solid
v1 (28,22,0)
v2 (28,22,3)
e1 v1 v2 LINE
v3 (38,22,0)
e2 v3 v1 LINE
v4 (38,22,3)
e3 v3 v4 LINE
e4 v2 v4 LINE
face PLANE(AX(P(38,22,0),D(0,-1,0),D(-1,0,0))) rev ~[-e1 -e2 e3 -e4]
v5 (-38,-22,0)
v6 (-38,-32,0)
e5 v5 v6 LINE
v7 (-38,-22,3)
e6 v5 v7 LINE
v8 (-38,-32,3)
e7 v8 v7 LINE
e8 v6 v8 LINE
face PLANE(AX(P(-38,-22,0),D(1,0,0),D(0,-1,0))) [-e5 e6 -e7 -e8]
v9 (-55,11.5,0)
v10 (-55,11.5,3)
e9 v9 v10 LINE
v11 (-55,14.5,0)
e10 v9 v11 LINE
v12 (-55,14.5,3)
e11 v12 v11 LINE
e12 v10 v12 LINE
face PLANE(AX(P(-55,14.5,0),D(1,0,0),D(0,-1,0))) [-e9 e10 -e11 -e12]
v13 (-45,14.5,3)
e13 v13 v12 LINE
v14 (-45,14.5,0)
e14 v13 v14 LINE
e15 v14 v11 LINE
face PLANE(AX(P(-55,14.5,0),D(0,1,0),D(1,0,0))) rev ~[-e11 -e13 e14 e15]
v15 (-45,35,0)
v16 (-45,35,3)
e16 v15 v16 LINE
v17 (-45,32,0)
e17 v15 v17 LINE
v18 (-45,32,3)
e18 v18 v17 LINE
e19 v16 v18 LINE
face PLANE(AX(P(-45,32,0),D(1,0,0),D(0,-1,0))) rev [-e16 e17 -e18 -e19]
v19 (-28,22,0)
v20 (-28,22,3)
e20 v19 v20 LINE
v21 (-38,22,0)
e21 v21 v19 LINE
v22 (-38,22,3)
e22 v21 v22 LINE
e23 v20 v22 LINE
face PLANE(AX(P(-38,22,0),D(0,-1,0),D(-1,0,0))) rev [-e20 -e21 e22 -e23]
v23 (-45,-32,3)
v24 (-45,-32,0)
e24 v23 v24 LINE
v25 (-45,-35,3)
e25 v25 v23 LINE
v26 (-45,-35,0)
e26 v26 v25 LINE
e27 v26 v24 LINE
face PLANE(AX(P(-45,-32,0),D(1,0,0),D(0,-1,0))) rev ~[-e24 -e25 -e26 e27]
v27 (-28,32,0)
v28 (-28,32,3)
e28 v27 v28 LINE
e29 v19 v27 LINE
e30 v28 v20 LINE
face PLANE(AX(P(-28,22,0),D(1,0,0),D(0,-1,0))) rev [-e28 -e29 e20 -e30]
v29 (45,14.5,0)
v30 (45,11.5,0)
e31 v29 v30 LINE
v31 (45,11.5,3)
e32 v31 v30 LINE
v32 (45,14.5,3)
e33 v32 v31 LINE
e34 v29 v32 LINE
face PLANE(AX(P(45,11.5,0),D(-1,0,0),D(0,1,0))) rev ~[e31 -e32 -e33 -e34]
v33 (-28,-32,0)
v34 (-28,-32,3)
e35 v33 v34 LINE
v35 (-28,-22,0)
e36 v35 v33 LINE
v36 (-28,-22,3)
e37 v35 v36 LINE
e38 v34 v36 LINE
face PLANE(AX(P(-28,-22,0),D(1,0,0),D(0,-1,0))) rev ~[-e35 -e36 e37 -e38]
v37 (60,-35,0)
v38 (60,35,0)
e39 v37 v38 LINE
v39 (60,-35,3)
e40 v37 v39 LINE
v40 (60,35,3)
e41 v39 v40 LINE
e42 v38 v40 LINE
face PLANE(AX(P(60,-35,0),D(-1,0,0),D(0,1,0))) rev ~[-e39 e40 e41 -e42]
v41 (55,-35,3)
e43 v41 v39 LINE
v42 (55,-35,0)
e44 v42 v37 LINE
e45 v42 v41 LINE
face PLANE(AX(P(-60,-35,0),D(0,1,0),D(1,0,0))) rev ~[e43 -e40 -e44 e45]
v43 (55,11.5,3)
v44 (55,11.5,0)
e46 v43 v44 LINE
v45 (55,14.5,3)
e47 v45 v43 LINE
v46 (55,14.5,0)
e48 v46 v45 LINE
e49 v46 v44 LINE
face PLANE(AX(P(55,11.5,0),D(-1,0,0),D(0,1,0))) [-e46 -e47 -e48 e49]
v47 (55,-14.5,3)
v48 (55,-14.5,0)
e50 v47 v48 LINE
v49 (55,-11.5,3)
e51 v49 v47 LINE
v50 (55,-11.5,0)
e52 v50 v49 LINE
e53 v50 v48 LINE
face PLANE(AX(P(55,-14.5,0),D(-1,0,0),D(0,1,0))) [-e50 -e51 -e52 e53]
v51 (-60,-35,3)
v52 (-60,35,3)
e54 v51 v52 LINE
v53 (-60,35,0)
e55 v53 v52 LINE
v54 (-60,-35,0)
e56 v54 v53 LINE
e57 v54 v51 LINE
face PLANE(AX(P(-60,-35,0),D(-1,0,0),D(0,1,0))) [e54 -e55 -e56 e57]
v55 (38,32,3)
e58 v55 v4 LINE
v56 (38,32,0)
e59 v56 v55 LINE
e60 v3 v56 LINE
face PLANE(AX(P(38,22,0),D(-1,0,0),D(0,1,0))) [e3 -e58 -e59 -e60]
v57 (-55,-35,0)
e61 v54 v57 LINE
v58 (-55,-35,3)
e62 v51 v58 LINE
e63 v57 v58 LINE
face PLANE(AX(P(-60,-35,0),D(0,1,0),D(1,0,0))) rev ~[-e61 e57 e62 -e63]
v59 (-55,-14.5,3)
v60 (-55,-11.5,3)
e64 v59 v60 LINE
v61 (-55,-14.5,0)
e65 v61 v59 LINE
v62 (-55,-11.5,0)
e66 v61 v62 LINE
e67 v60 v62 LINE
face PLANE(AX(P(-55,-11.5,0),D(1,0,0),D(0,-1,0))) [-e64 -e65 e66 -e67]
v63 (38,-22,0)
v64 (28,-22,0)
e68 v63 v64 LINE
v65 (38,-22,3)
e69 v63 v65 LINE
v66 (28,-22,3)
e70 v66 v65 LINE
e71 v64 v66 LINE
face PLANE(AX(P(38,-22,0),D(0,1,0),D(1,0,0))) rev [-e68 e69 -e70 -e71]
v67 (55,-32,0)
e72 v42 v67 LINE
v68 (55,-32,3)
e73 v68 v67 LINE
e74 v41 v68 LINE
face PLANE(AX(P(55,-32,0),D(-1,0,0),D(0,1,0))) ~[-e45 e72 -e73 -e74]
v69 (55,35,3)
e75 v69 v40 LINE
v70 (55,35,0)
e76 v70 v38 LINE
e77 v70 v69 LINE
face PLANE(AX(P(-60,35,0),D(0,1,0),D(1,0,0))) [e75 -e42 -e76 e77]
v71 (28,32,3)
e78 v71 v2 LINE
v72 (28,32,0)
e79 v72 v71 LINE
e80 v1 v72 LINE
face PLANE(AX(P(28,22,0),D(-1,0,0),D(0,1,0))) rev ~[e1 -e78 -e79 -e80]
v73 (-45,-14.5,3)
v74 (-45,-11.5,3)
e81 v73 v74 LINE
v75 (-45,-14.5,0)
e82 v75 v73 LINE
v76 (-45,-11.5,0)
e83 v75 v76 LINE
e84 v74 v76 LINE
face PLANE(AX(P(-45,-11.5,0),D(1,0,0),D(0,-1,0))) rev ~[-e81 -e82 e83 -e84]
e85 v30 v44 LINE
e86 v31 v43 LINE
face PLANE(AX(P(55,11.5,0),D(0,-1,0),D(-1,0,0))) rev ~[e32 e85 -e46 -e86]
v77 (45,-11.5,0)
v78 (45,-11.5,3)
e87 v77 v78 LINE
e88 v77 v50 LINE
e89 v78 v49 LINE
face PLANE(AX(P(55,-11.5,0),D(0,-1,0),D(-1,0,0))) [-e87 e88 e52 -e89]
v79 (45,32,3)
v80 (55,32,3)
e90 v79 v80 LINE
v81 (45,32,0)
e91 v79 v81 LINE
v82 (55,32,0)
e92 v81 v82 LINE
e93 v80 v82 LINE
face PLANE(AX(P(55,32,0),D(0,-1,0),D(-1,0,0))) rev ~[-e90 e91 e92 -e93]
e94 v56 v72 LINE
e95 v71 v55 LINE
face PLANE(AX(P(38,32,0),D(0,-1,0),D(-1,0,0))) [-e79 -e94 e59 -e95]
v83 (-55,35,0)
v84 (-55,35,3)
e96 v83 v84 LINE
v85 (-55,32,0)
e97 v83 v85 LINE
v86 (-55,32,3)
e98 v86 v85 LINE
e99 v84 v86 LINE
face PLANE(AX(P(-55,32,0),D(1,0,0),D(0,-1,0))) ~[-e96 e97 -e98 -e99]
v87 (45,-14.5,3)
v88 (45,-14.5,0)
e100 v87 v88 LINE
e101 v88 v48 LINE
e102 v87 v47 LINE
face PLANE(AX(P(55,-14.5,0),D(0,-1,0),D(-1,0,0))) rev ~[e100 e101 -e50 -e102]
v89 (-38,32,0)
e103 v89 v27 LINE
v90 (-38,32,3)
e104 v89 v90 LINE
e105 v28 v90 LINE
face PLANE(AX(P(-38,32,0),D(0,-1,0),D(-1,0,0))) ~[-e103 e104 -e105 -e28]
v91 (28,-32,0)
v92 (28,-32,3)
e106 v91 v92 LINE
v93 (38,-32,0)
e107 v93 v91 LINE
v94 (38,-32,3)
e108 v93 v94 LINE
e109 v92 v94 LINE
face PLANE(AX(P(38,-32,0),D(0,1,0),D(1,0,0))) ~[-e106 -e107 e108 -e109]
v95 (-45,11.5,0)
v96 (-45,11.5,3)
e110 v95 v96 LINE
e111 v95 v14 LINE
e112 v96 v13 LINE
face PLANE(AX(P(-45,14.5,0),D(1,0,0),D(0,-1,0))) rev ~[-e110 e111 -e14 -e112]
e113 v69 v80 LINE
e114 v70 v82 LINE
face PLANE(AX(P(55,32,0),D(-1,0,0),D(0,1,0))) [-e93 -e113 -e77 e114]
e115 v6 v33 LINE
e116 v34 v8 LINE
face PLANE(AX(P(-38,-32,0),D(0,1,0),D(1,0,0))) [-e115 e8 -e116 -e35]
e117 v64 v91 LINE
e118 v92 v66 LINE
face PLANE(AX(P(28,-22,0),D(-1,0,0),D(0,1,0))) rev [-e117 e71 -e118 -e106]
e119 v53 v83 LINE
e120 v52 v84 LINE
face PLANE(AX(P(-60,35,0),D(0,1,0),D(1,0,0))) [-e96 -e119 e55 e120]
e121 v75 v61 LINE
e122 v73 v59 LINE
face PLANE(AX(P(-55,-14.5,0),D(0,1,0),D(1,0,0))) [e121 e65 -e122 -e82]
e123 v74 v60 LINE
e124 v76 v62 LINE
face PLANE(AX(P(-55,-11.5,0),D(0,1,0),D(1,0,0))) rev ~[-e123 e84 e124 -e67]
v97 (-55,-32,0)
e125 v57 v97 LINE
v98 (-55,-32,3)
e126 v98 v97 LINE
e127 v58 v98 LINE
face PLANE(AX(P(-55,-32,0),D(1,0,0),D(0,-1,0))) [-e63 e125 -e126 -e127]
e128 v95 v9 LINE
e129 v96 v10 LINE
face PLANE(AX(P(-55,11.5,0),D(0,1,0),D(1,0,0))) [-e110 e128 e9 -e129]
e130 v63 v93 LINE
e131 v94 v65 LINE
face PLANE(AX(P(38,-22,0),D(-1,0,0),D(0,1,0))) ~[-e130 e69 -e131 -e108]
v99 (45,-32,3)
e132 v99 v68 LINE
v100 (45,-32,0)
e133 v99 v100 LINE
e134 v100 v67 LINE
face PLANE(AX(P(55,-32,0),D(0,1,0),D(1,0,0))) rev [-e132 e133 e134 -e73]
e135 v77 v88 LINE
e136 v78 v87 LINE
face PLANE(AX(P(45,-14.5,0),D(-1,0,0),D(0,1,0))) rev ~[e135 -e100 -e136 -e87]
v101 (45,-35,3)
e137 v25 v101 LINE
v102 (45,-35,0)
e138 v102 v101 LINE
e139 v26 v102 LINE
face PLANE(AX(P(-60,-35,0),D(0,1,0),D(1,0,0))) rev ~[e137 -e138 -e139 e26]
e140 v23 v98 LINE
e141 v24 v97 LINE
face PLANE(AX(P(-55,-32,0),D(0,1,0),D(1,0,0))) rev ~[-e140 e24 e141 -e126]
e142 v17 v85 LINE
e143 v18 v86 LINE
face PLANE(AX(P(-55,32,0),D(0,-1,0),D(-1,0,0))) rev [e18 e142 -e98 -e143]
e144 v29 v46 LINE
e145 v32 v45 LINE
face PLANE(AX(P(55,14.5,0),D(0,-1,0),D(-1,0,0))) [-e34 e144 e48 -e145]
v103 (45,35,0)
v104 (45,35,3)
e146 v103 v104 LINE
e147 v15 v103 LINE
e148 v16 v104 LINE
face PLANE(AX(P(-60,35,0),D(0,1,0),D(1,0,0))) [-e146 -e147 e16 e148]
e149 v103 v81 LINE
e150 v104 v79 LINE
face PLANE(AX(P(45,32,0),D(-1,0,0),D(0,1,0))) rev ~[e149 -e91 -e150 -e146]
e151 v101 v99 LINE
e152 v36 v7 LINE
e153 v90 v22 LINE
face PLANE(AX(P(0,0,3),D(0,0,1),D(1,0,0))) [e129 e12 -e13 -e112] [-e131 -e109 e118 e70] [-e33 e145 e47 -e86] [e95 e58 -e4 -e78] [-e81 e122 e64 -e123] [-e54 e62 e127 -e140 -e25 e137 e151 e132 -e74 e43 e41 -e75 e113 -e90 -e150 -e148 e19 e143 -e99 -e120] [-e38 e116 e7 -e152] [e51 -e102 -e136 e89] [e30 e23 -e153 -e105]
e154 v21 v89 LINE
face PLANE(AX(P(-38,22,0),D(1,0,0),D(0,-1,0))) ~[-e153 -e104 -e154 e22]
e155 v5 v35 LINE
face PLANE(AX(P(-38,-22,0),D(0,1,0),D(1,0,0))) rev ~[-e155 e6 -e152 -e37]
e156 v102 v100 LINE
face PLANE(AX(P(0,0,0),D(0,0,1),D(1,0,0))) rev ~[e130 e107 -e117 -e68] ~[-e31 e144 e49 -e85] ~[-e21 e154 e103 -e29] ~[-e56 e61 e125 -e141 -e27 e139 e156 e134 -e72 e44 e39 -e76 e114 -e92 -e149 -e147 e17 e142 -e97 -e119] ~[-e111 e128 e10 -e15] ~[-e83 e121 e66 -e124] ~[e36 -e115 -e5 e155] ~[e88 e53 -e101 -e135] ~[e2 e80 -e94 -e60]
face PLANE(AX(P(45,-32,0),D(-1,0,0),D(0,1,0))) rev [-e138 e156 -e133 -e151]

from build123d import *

# Parameters (mm, degrees)
SKETCH2_W               = 120
SKETCH2_H               = 70
BOSS_EXTRUDE1_DEPTH     = 3
SKETCH3_W               = 10
SKETCH3_H               = 3
CUT_EXTRUDE1_DEPTH      = 70.526973183
LPATTERN1_COUNT         = 2
LPATTERN1_PITCH         = 20.5
SKETCH4_W               = 10
SKETCH4_H               = 10
CUT_EXTRUDE2_DEPTH      = 70.526973183
MIRROR1_COPY_1_SKETCH_W = 10
MIRROR1_COPY_1_SKETCH_H = 3
MIRROR1_COPY_1_DEPTH    = 70.526973183
MIRROR2_COPY_1_SKETCH_W = 10
MIRROR2_COPY_1_SKETCH_H = 3
MIRROR2_COPY_1_DEPTH    = 70.526973183
MIRROR2_COPY_2_SKETCH_W = 10
MIRROR2_COPY_2_SKETCH_H = 3
MIRROR2_COPY_2_DEPTH    = 70.526973183
MIRROR2_COPY_3_SKETCH_W = 10
MIRROR2_COPY_3_SKETCH_H = 10
MIRROR2_COPY_3_DEPTH    = 70.526973183
MIRROR2_COPY_4_SKETCH_W = 10
MIRROR2_COPY_4_SKETCH_H = 3
MIRROR2_COPY_4_DEPTH    = 70.526973183


with BuildPart() as part:
    # Sketch2 → Boss-Extrude1 (new body)
    with BuildSketch(Plane.XY):
        Rectangle(SKETCH2_W, SKETCH2_H)
    extrude(amount=BOSS_EXTRUDE1_DEPTH)

    # Sketch3 → Cut-Extrude1 (cut, symmetric)
    with BuildSketch(Plane(origin=(0, 0, 0), x_dir=(-1, 0, 0), z_dir=(0, 0, -1))):
        with Locations((-50, 33.5)):
            Rectangle(SKETCH3_W, SKETCH3_H)
    cut_extrude1 = extrude(amount=CUT_EXTRUDE1_DEPTH, both=True, mode=Mode.SUBTRACT)

    # LPattern1: Cut-Extrude1 ×2
    with Locations(*[(0, -i * LPATTERN1_PITCH, 0) for i in range(1, LPATTERN1_COUNT)]):
        add(cut_extrude1, mode=Mode.SUBTRACT)

    # Sketch4 → Cut-Extrude2 (cut, through all)
    with BuildSketch(Plane(origin=(0, 0, 0), x_dir=(-1, 0, 0), z_dir=(0, 0, -1))):
        with Locations((-33, 27)):
            Rectangle(SKETCH4_W, SKETCH4_H)
    cut_extrude2 = extrude(amount=-CUT_EXTRUDE2_DEPTH, mode=Mode.SUBTRACT)

    # Mirror1: Cut-Extrude1, Cut-Extrude2 across plane
    add(cut_extrude1.mirror(Plane.ZX), mode=Mode.SUBTRACT)
    add(cut_extrude2.mirror(Plane.ZX), mode=Mode.SUBTRACT)

    # Mirror1 copy 1 sketch → Mirror1 copy 1 (cut, symmetric)
    with BuildSketch(Plane(origin=(0, 20.5, 0), x_dir=(-1, 0, 0), z_dir=(0, 0, -1))):
        with Locations((-50, -33.5)):
            Rectangle(MIRROR1_COPY_1_SKETCH_W, MIRROR1_COPY_1_SKETCH_H)
    extrude(amount=MIRROR1_COPY_1_DEPTH, both=True, mode=Mode.SUBTRACT)

    # Mirror2: Cut-Extrude1, Cut-Extrude2 across plane
    add(cut_extrude1.mirror(Plane(origin=(0, 0, 0), x_dir=(0, 0, 1), z_dir=(1, 0, 0))), mode=Mode.SUBTRACT)
    add(cut_extrude2.mirror(Plane(origin=(0, 0, 0), x_dir=(0, 0, 1), z_dir=(1, 0, 0))), mode=Mode.SUBTRACT)

    # Mirror2 copy 1 sketch → Mirror2 copy 1 (cut, symmetric)
    with BuildSketch(Plane(origin=(0, -20.5, 0), x_dir=(1, 0, 0), z_dir=(0, 0, -1))):
        with Locations((-50, -33.5)):
            Rectangle(MIRROR2_COPY_1_SKETCH_W, MIRROR2_COPY_1_SKETCH_H)
    extrude(amount=MIRROR2_COPY_1_DEPTH, both=True, mode=Mode.SUBTRACT)

    # Mirror2 copy 2 sketch → Mirror2 copy 2 (cut, symmetric)
    with BuildSketch(Plane(origin=(0, 0, 0), x_dir=(1, 0, 0), z_dir=(0, 0, -1))):
        with Locations((-50, 33.5)):
            Rectangle(MIRROR2_COPY_2_SKETCH_W, MIRROR2_COPY_2_SKETCH_H)
    extrude(amount=MIRROR2_COPY_2_DEPTH, both=True, mode=Mode.SUBTRACT)

    # Mirror2 copy 3 sketch → Mirror2 copy 3 (cut, through all)
    with BuildSketch(Plane(origin=(0, 0, 0), x_dir=(1, 0, 0), z_dir=(0, 0, -1))):
        with Locations((-33, 27)):
            Rectangle(MIRROR2_COPY_3_SKETCH_W, MIRROR2_COPY_3_SKETCH_H)
    extrude(amount=-MIRROR2_COPY_3_DEPTH, mode=Mode.SUBTRACT)

    # Mirror2 copy 4 sketch → Mirror2 copy 4 (cut, symmetric)
    with BuildSketch(Plane(origin=(0, 20.5, 0), x_dir=(1, 0, 0), z_dir=(0, 0, -1))):
        with Locations((-50, 33.5)):
            Rectangle(MIRROR2_COPY_4_SKETCH_W, MIRROR2_COPY_4_SKETCH_H)
    extrude(amount=MIRROR2_COPY_4_DEPTH, both=True, mode=Mode.SUBTRACT)


solid = part.part
